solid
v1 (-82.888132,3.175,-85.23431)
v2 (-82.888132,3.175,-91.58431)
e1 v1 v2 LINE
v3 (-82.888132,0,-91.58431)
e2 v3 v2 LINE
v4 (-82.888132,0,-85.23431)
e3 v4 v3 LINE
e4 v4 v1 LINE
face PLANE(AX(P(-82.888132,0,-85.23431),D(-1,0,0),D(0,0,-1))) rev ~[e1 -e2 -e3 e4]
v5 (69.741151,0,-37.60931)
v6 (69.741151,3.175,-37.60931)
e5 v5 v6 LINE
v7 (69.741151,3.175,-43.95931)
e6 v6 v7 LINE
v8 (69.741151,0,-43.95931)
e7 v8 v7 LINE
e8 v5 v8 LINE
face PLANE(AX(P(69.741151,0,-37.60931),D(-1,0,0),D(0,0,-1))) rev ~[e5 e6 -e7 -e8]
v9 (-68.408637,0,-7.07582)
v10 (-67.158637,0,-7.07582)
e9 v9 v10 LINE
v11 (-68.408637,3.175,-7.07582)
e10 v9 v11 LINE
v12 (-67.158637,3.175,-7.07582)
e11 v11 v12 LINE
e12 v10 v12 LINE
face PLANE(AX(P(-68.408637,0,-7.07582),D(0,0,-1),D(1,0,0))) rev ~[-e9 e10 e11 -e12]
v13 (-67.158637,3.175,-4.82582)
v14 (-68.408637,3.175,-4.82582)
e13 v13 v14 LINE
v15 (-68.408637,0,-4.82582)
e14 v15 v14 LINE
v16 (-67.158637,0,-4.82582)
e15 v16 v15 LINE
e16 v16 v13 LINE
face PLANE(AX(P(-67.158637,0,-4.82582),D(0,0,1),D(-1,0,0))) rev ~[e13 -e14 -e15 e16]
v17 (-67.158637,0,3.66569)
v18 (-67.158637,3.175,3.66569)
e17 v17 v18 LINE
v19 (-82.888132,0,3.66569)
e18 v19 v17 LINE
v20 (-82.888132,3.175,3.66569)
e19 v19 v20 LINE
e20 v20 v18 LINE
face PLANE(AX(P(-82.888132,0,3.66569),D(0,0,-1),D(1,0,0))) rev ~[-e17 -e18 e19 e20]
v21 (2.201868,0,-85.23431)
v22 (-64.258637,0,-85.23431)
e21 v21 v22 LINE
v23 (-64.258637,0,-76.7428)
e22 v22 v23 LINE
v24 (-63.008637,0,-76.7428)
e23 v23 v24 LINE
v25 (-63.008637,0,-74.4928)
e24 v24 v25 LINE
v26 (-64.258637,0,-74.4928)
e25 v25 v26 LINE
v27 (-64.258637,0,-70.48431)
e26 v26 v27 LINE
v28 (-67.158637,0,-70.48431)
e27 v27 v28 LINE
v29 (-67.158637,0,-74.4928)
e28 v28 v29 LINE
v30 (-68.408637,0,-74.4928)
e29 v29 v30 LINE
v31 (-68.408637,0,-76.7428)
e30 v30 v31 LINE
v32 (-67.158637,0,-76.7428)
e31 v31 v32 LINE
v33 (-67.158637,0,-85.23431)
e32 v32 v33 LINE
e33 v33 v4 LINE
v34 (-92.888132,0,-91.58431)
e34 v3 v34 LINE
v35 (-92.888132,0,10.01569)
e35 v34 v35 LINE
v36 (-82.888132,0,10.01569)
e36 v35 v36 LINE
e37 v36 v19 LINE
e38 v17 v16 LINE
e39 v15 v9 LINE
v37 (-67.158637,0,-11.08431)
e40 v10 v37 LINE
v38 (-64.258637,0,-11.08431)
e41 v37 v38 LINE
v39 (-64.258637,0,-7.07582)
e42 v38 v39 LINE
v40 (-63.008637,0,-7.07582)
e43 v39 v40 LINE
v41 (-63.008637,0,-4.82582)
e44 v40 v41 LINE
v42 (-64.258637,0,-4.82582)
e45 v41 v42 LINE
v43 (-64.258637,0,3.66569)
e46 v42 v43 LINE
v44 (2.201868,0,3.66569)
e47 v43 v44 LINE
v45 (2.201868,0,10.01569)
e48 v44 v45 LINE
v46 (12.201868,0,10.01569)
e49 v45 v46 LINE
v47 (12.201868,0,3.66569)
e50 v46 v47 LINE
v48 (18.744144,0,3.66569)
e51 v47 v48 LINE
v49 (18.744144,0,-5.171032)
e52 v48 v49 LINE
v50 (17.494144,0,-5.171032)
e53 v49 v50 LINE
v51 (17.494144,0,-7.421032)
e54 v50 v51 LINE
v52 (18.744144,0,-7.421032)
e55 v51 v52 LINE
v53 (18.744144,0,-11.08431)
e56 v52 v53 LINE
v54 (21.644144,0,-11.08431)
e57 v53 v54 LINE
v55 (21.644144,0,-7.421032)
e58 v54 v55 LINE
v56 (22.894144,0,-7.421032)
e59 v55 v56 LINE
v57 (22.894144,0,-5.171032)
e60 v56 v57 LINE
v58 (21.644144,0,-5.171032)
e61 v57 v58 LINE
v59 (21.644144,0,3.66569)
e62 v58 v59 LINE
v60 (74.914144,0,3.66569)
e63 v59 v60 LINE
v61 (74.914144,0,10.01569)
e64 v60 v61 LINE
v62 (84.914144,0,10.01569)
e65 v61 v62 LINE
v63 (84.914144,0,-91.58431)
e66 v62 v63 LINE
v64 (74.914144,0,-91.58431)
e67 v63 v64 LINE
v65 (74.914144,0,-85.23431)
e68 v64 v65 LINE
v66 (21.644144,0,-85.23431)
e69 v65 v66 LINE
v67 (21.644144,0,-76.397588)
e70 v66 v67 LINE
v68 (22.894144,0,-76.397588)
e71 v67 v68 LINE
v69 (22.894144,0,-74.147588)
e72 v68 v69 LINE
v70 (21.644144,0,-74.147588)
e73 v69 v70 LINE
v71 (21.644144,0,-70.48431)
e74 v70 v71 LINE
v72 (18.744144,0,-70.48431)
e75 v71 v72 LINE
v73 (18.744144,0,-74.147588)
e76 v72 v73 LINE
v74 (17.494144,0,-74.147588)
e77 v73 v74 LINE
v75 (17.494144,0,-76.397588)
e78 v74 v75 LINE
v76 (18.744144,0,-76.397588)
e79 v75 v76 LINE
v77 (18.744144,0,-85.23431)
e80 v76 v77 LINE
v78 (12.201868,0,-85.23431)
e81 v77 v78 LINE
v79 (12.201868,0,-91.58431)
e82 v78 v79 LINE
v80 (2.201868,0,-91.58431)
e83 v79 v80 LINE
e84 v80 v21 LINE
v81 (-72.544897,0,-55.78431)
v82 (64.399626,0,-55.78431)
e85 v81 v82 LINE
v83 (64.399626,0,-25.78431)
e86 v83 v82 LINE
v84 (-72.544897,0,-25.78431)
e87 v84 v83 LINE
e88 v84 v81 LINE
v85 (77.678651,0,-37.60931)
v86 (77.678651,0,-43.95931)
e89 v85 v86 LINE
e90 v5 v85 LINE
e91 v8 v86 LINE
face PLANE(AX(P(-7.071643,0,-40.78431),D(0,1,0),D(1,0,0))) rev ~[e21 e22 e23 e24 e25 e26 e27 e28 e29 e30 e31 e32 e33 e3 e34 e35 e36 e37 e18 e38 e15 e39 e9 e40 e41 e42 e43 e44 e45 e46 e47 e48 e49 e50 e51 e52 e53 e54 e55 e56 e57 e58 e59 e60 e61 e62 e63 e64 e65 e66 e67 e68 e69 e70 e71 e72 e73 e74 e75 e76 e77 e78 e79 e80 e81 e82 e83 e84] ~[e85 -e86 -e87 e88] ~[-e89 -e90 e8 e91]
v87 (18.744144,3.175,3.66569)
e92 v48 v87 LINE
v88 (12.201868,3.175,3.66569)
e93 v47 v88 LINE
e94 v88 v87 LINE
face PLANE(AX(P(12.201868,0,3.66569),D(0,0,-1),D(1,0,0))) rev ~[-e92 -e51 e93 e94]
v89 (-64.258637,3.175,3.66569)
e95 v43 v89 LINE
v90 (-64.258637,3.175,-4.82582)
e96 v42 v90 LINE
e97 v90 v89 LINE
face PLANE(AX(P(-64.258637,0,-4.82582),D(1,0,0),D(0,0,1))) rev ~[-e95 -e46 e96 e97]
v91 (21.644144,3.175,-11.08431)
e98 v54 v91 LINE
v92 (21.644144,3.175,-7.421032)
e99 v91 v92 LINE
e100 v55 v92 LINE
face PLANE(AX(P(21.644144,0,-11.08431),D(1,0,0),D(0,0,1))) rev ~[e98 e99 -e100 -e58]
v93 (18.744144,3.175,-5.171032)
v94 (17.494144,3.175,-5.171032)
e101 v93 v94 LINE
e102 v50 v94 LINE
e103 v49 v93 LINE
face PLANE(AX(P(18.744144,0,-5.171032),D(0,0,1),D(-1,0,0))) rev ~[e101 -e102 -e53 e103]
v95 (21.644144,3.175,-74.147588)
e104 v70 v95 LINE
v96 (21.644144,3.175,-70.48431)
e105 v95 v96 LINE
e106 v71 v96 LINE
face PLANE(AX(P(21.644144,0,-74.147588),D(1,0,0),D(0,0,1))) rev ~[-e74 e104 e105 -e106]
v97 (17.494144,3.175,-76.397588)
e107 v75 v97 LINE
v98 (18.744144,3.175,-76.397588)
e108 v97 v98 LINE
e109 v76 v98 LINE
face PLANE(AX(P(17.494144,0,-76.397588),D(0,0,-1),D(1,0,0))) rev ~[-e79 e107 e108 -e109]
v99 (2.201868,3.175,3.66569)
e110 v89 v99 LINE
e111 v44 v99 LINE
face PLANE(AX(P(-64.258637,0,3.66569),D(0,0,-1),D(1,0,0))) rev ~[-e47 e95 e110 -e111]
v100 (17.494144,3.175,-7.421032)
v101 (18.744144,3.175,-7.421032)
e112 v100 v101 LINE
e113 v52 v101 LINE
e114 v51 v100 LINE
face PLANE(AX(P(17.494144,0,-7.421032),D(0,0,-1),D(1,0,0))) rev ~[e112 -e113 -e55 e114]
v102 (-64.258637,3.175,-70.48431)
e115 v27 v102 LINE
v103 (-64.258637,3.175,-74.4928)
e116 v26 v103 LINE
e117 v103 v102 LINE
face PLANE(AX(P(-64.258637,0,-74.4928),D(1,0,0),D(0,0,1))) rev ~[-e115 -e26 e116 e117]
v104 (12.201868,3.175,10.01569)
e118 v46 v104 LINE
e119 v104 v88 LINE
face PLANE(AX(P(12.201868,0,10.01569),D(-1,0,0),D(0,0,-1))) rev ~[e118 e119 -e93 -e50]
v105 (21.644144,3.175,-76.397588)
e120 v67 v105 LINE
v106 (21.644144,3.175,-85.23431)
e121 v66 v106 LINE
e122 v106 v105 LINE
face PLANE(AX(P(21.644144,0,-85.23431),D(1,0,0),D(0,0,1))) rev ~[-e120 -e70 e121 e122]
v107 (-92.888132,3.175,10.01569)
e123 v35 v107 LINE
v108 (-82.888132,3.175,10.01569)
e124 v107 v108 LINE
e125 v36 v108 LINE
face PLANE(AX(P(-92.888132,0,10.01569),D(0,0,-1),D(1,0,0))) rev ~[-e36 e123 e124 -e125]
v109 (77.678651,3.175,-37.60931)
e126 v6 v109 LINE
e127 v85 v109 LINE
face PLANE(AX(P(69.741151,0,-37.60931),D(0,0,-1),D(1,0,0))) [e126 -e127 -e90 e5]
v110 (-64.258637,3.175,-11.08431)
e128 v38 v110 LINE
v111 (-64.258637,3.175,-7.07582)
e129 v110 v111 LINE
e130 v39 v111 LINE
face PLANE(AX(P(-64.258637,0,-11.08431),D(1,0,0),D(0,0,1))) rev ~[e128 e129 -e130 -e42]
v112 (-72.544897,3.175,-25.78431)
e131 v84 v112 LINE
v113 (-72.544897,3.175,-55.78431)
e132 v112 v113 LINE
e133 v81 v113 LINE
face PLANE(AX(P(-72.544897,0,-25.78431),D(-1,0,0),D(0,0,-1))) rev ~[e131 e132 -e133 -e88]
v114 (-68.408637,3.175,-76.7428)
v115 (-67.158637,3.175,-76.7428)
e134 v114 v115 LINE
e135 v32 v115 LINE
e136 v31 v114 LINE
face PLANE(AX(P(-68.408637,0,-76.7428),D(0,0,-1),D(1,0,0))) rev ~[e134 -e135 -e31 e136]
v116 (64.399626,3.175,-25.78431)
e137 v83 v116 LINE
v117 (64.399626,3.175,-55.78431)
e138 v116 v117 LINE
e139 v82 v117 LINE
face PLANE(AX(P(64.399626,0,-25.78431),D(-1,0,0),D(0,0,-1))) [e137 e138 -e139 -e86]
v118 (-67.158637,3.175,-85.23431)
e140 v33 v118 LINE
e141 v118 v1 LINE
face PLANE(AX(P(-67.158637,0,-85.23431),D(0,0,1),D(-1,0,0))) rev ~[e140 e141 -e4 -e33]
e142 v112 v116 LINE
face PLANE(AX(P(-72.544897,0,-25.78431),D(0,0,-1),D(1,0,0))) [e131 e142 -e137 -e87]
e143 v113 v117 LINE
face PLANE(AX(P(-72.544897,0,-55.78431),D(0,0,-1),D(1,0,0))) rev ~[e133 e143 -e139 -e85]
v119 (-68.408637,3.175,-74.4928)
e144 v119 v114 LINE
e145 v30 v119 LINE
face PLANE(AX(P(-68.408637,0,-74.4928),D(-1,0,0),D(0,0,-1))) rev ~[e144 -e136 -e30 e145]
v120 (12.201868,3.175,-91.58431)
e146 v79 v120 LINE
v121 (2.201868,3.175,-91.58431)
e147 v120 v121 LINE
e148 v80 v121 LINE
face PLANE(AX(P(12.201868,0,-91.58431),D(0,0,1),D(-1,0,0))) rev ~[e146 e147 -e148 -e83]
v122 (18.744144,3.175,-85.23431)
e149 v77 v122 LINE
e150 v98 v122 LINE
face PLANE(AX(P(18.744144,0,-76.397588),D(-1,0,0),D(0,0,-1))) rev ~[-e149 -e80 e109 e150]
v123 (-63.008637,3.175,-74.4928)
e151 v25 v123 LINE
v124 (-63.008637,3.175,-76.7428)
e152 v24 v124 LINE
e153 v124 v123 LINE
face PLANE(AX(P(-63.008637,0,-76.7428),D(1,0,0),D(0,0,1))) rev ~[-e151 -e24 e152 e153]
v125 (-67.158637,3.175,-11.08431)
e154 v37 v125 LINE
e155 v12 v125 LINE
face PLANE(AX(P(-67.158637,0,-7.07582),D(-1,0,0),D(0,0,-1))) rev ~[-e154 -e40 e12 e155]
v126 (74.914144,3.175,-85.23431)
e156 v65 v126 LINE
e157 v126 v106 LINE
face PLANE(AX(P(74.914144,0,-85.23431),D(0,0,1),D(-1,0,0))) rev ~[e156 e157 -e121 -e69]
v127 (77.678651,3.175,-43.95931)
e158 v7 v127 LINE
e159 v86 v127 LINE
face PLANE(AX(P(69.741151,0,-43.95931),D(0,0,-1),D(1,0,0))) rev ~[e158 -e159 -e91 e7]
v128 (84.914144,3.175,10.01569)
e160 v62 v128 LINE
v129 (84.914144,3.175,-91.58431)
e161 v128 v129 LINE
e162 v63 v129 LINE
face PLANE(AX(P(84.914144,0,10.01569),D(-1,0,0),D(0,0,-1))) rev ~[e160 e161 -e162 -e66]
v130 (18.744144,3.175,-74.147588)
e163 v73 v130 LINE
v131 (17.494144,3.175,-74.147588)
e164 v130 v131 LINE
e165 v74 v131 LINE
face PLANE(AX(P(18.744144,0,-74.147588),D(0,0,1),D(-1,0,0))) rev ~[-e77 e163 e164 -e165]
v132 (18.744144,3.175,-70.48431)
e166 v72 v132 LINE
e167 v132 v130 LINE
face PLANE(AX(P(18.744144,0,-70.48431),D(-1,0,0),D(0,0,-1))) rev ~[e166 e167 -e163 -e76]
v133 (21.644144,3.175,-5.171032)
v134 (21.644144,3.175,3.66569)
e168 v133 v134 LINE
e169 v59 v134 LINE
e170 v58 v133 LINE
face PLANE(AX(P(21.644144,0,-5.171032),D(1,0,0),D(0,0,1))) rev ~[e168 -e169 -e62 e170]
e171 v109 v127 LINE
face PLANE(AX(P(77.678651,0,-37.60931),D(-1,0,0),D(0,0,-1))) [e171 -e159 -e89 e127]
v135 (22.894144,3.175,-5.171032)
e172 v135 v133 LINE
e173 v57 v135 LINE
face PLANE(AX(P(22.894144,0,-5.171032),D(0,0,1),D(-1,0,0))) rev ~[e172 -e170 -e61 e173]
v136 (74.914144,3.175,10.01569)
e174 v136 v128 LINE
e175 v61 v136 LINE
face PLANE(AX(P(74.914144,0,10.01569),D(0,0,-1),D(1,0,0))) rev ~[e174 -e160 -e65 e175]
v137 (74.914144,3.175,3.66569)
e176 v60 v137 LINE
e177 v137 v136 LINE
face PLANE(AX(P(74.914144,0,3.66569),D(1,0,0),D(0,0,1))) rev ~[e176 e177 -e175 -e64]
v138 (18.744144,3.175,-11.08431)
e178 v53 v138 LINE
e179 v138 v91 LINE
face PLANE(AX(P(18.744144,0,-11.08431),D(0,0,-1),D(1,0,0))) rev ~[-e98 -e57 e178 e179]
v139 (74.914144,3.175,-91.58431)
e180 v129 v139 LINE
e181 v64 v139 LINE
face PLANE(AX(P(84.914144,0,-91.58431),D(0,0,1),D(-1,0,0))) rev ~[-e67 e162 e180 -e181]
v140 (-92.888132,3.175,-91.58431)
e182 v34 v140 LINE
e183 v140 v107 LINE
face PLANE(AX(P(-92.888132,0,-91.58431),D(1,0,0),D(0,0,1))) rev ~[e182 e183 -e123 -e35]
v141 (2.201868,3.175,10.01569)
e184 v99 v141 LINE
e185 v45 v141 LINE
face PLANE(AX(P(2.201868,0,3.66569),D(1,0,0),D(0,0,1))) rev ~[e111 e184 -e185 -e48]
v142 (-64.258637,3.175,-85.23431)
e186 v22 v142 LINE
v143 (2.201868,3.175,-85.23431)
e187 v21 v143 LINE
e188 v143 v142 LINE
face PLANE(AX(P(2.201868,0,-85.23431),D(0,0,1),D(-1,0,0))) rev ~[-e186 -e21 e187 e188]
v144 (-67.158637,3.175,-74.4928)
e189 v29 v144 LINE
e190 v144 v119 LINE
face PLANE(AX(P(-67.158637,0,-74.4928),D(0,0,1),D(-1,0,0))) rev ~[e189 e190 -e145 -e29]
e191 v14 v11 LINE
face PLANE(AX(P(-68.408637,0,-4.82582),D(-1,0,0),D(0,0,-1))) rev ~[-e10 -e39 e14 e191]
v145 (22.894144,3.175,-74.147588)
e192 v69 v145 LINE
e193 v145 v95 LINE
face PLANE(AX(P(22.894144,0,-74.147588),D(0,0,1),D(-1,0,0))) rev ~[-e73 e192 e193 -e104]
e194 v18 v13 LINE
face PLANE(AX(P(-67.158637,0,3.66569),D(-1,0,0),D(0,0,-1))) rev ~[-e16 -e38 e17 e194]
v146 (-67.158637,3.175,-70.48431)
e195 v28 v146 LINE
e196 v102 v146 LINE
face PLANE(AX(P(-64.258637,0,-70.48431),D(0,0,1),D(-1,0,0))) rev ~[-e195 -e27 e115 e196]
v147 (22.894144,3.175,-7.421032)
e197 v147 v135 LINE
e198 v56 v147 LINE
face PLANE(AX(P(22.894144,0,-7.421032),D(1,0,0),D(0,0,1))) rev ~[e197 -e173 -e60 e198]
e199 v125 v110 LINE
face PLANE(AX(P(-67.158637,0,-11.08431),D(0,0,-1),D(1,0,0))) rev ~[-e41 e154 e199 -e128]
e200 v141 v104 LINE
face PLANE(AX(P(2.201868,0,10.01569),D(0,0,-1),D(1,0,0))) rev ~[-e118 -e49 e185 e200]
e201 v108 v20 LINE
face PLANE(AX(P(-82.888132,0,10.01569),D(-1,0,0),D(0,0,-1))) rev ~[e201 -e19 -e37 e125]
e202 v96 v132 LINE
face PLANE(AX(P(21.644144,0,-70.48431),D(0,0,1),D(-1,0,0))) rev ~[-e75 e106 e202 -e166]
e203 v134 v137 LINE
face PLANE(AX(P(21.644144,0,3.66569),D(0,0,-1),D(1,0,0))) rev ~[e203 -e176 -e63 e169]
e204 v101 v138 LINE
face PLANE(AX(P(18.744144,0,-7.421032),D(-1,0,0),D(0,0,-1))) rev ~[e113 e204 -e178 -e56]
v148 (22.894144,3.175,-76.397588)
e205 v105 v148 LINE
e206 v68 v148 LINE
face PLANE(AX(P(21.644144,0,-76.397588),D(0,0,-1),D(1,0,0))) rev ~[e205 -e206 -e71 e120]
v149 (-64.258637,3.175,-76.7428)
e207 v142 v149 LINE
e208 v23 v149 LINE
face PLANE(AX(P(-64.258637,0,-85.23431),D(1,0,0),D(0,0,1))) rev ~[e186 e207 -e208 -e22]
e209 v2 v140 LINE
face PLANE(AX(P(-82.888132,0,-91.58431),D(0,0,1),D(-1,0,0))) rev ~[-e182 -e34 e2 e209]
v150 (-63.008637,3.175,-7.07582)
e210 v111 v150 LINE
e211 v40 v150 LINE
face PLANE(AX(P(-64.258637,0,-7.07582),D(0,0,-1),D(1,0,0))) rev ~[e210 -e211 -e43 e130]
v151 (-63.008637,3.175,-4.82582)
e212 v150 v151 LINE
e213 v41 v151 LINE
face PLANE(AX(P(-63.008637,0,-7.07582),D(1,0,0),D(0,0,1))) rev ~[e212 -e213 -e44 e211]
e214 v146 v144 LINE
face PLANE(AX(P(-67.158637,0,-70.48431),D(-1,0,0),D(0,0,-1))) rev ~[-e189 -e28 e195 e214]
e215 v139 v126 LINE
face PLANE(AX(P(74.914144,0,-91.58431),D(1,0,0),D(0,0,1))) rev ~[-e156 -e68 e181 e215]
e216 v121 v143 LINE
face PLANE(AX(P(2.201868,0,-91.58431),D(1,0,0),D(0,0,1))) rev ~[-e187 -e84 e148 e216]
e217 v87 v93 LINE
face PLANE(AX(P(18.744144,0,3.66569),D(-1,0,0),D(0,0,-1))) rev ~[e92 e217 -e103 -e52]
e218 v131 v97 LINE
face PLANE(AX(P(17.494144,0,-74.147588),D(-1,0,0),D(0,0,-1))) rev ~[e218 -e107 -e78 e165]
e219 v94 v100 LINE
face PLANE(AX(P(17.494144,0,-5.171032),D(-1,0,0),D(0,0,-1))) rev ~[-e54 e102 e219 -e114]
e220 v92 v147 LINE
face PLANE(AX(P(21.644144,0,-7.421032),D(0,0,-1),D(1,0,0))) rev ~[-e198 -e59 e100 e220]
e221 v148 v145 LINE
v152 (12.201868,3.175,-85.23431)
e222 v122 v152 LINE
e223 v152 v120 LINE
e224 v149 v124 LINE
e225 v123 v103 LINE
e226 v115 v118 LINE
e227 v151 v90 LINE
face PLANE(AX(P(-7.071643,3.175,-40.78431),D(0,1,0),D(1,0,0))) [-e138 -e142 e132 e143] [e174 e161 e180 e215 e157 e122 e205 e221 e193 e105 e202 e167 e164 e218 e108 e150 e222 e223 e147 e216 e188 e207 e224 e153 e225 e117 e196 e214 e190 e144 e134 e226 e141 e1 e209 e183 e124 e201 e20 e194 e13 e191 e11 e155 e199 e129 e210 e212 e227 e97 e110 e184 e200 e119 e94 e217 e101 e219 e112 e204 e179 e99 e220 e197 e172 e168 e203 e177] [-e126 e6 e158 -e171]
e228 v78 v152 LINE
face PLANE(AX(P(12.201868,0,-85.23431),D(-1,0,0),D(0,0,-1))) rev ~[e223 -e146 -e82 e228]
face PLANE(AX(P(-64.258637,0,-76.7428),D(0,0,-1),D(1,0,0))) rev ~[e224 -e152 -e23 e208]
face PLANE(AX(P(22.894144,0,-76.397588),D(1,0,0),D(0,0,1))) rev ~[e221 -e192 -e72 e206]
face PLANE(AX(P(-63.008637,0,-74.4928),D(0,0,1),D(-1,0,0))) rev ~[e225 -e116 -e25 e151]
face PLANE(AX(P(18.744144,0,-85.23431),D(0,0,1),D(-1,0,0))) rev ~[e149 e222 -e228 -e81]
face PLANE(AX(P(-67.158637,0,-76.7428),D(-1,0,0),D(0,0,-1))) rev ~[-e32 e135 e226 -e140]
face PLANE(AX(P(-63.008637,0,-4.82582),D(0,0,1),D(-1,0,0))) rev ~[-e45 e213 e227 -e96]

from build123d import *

# Parameters (mm, degrees)
SKETCH1_W      = 136.944523068
SKETCH1_H      = 30
SKETCH1_W_2    = 7.9375
SKETCH1_H_2    = 6.35
EXTRUDE1_DEPTH = 3.175


with BuildPart() as part:
    # Sketch1 → Extrude1 (new body)
    with BuildSketch(Plane(origin=(0, 0, 0), x_dir=(1, 0, 0), z_dir=(0, 1, 0))):
        Polygon((-67.158636898, 70.484310302), (-67.158636898, 74.492800404), (-68.408636898, 74.492800404), (-68.408636898, 76.742800404), (-67.158636898, 76.742800404), (-67.158636898, 85.234310302), (-82.88813161, 85.234310302), (-82.88813161, 91.584310302), (-92.88813161, 91.584310302), (-92.88813161, -10.015689698), (-82.88813161, -10.015689698), (-82.88813161, -3.665689698), (-67.158636898, -3.665689698), (-67.158636898, 4.825820201), (-68.408636898, 4.825820201), (-68.408636898, 7.075820201), (-67.158636898, 7.075820201), (-67.158636898, 11.084310302), (-64.258636898, 11.084310302), (-64.258636898, 7.075820201), (-63.008636898, 7.075820201), (-63.008636898, 4.825820201), (-64.258636898, 4.825820201), (-64.258636898, -3.665689698), (2.20186839, -3.665689698), (2.20186839, -10.015689698), (12.20186839, -10.015689698), (12.20186839, -3.665689698), (18.744143558, -3.665689698), (18.744143558, 5.171032224), (17.494143558, 5.171032224), (17.494143558, 7.421032224), (18.744143558, 7.421032224), (18.744143558, 11.084310302), (21.644143558, 11.084310302), (21.644143558, 7.421032224), (22.894143558, 7.421032224), (22.894143558, 5.171032224), (21.644143558, 5.171032224), (21.644143558, -3.665689698), (74.914143558, -3.665689698), (74.914143558, -10.015689698), (84.914143558, -10.015689698), (84.914143558, 91.584310302), (74.914143558, 91.584310302), (74.914143558, 85.234310302), (21.644143558, 85.234310302), (21.644143558, 76.397588381), (22.894143558, 76.397588381), (22.894143558, 74.147588381), (21.644143558, 74.147588381), (21.644143558, 70.484310302), (18.744143558, 70.484310302), (18.744143558, 74.147588381), (17.494143558, 74.147588381), (17.494143558, 76.397588381), (18.744143558, 76.397588381), (18.744143558, 85.234310302), (12.20186839, 85.234310302), (12.20186839, 91.584310302), (2.20186839, 91.584310302), (2.20186839, 85.234310302), (-64.258636898, 85.234310302), (-64.258636898, 76.742800404), (-63.008636898, 76.742800404), (-63.008636898, 74.492800404), (-64.258636898, 74.492800404), (-64.258636898, 70.484310302), align=None)
        with Locations((-4.072635431, 40.784310302)):
            Rectangle(SKETCH1_W, SKETCH1_H, mode=Mode.SUBTRACT)
        with Locations((73.709900913, 40.784310302)):
            Rectangle(SKETCH1_W_2, SKETCH1_H_2, mode=Mode.SUBTRACT)
    extrude(amount=EXTRUDE1_DEPTH)


solid = part.part
